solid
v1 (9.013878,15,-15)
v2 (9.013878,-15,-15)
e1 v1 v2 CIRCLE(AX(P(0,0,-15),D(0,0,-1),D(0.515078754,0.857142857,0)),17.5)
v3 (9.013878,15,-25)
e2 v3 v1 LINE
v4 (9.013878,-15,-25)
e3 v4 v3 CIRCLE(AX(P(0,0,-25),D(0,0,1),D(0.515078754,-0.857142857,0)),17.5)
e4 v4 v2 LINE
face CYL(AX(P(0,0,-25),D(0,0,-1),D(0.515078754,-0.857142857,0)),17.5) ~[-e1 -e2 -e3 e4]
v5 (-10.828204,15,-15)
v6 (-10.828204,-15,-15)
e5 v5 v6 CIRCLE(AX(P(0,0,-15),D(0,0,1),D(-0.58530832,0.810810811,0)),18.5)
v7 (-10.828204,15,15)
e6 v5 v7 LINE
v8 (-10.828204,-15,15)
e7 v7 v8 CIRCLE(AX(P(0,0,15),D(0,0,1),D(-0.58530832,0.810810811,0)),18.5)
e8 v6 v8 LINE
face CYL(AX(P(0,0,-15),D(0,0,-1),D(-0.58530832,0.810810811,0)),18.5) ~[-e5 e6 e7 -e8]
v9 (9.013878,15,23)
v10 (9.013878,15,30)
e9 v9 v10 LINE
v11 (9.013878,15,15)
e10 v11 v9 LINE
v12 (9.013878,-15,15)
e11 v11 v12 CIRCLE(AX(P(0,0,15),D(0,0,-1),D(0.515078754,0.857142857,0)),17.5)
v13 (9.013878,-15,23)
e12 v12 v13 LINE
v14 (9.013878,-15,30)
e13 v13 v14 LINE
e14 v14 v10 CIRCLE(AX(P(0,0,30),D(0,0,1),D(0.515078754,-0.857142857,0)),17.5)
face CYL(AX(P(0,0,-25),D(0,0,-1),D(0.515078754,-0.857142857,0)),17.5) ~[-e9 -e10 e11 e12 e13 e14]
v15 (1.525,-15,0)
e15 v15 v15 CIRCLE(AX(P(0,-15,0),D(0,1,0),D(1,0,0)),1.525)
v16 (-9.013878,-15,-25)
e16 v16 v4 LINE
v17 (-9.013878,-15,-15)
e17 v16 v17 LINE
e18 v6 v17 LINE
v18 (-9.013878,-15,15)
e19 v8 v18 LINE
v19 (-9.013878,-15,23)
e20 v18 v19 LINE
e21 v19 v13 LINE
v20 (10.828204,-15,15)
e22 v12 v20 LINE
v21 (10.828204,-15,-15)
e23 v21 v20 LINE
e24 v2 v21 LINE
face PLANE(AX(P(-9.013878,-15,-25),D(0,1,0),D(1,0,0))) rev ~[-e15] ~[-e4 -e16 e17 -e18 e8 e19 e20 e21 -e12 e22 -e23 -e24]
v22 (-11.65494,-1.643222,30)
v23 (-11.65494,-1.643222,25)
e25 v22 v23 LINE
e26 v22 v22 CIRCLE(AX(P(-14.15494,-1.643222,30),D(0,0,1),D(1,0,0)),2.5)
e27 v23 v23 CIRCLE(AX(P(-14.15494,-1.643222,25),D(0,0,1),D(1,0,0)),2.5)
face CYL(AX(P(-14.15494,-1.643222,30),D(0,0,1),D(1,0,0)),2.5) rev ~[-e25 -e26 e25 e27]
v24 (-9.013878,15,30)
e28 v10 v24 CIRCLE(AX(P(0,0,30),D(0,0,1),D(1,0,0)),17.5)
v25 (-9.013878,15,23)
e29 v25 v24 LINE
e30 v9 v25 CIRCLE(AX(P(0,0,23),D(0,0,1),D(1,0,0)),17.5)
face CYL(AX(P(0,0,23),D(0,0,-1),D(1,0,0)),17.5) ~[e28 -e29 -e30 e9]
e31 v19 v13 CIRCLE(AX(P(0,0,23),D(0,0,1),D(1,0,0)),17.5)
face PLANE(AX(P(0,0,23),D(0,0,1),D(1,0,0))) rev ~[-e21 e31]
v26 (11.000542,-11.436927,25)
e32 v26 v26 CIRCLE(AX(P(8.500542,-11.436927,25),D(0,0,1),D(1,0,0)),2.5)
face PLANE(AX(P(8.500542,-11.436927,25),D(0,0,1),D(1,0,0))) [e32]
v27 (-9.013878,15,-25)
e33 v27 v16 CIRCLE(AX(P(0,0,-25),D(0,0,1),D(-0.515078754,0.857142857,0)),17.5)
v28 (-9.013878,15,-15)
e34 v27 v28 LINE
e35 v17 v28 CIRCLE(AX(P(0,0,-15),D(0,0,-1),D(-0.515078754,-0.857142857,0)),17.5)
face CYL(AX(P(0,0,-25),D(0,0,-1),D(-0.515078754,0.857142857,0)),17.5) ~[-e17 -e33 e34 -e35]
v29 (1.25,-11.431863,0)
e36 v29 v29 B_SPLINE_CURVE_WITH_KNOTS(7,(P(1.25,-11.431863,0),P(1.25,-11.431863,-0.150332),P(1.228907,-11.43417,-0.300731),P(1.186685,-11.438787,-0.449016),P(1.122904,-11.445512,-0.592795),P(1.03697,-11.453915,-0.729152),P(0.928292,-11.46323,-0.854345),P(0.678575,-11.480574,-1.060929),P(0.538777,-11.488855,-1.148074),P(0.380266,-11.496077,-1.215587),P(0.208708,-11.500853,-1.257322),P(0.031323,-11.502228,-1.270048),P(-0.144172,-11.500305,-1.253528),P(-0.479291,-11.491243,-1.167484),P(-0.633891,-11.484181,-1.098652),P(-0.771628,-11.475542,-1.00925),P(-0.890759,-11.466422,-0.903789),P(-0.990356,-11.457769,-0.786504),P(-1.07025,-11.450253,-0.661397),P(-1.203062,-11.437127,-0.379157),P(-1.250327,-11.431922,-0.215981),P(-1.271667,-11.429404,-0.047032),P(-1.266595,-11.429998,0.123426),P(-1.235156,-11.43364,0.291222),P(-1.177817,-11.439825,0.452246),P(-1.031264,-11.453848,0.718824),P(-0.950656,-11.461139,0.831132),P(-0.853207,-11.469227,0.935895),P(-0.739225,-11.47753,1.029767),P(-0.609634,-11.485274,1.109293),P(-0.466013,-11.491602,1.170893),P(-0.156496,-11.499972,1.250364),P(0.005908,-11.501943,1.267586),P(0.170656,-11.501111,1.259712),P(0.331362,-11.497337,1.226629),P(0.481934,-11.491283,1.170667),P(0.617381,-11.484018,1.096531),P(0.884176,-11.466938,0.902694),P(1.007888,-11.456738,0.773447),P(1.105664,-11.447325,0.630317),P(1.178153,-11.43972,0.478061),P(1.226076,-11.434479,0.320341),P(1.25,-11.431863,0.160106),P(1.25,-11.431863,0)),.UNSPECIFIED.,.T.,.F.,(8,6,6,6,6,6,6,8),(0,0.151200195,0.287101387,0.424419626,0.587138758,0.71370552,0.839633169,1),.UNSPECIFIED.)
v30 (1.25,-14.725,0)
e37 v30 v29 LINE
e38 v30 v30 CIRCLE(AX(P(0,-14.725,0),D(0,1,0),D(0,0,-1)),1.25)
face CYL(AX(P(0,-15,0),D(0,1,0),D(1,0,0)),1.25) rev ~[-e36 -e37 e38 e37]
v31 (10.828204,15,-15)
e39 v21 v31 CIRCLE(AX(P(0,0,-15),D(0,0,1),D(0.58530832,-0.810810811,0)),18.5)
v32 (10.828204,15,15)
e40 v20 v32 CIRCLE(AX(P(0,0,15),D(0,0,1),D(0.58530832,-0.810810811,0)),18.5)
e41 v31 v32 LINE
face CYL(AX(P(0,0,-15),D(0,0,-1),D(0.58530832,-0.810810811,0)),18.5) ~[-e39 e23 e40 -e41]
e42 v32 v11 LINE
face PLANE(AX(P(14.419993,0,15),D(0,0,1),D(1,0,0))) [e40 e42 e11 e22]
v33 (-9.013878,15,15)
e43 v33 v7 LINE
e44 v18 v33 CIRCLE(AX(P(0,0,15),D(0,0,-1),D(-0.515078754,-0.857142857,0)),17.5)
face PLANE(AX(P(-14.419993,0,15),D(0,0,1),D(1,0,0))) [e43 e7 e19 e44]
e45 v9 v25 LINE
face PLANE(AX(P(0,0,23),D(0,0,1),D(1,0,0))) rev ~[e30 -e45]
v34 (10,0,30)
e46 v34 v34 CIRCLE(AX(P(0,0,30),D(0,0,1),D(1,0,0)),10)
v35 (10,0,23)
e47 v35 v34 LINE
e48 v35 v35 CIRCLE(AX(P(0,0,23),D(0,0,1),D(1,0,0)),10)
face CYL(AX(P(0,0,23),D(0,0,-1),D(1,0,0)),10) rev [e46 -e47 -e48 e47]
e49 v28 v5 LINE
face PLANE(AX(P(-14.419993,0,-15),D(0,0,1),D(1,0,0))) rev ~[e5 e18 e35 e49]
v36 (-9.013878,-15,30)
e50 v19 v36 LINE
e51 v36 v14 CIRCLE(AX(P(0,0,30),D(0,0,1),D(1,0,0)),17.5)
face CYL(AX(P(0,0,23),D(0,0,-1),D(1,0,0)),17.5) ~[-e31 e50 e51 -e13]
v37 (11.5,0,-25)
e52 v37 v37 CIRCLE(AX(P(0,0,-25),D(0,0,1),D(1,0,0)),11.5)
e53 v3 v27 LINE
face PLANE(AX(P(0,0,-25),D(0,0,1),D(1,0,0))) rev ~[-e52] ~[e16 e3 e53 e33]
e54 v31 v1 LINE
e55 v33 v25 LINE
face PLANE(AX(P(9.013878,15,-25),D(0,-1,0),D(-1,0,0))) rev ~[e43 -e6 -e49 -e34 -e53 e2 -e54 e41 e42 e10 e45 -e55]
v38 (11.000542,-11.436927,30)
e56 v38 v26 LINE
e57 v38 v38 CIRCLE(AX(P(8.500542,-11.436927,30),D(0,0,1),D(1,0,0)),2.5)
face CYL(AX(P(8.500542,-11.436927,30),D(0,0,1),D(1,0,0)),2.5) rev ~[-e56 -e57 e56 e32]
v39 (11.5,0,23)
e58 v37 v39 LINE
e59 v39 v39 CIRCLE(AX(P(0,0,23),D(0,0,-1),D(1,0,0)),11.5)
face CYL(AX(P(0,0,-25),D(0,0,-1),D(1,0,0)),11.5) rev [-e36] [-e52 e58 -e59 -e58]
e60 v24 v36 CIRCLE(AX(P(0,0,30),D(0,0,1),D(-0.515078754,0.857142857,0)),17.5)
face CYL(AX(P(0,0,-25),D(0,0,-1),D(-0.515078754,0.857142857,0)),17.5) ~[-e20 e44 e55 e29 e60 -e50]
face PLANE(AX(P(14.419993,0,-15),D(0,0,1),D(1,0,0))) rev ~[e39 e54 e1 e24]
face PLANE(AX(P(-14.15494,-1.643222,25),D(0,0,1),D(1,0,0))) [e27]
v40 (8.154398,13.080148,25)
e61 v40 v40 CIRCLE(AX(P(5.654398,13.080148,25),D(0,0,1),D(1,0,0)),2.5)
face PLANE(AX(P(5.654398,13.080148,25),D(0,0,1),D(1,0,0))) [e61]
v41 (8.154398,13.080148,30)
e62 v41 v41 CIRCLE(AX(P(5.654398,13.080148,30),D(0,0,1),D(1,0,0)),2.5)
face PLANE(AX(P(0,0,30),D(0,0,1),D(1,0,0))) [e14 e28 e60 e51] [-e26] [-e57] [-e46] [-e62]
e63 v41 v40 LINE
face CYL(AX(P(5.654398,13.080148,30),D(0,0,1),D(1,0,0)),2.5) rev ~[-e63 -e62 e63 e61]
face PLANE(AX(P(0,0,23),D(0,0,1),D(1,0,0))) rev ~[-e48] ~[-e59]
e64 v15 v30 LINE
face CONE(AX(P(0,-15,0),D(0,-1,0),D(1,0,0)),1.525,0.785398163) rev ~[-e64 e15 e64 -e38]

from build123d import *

# Parameters (mm, degrees)
BOSS_EXTRUDE1_DEPTH         = 30
BOSS_EXTRUDE1_DEPTH_BACK    = 25
SKETCH1_R                   = 11.5
BOSS_EXTRUDE2_DEPTH         = 15
BOSS_EXTRUDE2_DEPTH_BACK    = 15
BOSS_EXTRUDE3_START         = -7
SKETCH5_R                   = 17.5
SKETCH5_R_2                 = 10
BOSS_EXTRUDE3_DEPTH         = 7
SKETCH6_R                   = 2.5
CUT_EXTRUDE1_DEPTH          = 5
M3_TAPPED_HOLE1_D           = 2.5
M3_TAPPED_HOLE1_DEPTH       = 7.5
M3_TAPPED_HOLE1_CSINK_D     = 3.05
M3_TAPPED_HOLE1_CSINK_ANGLE = 90
M3_TAPPED_HOLE1_TIP         = 0.751075774


with BuildPart() as part:
    # Sketch1 → Boss-Extrude1 (new, two sides: drawn at the far end of the back side and taken through both)
    with BuildSketch(Plane.XY.offset(-BOSS_EXTRUDE1_DEPTH_BACK)):
        with BuildLine():
            Line((9.013878189, 15), (-9.013878189, 15))
            ThreePointArc((-9.013878189, 15), (-17.5, 0), (-9.013878189, -15))
            Line((-9.013878189, -15), (9.013878189, -15))
            ThreePointArc((9.013878189, -15), (17.5, 0), (9.013878189, 15))
        make_face()
        Circle(SKETCH1_R, mode=Mode.SUBTRACT)
    extrude(amount=BOSS_EXTRUDE1_DEPTH + BOSS_EXTRUDE1_DEPTH_BACK)

    # Sketch1<23> → Boss-Extrude2 (add, two sides: drawn at the far end of the back side and taken through both)
    with BuildSketch(Plane.XY.offset(-BOSS_EXTRUDE2_DEPTH_BACK)):
        with BuildLine():
            Line((-9.013878189, 15), (-10.828203914, 15))
            ThreePointArc((-10.828203914, 15), (-18.5, 0), (-10.828203914, -15))
            Line((-10.828203914, -15), (-9.013878189, -15))
            ThreePointArc((-9.013878189, -15), (-17.5, 0), (-9.013878189, 15))
        make_face()
        with BuildLine():
            ThreePointArc((10.828203914, -15), (18.5, 0), (10.828203914, 15))
            Line((10.828203914, 15), (9.013878189, 15))
            ThreePointArc((9.013878189, 15), (17.5, 0), (9.013878189, -15))
            Line((9.013878189, -15), (10.828203914, -15))
        make_face()
    extrude(amount=BOSS_EXTRUDE2_DEPTH + BOSS_EXTRUDE2_DEPTH_BACK)

    # Sketch5 → Boss-Extrude3 (add)
    with BuildSketch(Plane.XY.offset(30).offset(BOSS_EXTRUDE3_START)):
        Circle(SKETCH5_R)
        Circle(SKETCH5_R_2, mode=Mode.SUBTRACT)
    extrude(amount=BOSS_EXTRUDE3_DEPTH)

    # Sketch6 → Cut-Extrude1 (cut)
    with BuildSketch(Plane.XY.offset(30)):
        with Locations((5.654398175, 13.080148366)):
            Circle(SKETCH6_R)
        with Locations((8.500541683, -11.436926646)):
            Circle(SKETCH6_R)
        with Locations((-14.154939858, -1.643221721)):
            Circle(SKETCH6_R)
    extrude(amount=-CUT_EXTRUDE1_DEPTH, mode=Mode.SUBTRACT)

    # M3 Tapped Hole1
    with Locations(Plane(origin=(0, -15, 0), x_dir=(-1, 0, 0), z_dir=(0, -1, 0))):
        with Locations((0, 0)):
            CounterSinkHole(M3_TAPPED_HOLE1_D / 2, M3_TAPPED_HOLE1_CSINK_D / 2, depth=M3_TAPPED_HOLE1_DEPTH, counter_sink_angle=M3_TAPPED_HOLE1_CSINK_ANGLE)
            with Locations((0, 0, -(M3_TAPPED_HOLE1_DEPTH + M3_TAPPED_HOLE1_TIP / 2))):  # 118° drill point
                Cone(0, M3_TAPPED_HOLE1_D / 2, M3_TAPPED_HOLE1_TIP, mode=Mode.SUBTRACT)


solid = part.part
